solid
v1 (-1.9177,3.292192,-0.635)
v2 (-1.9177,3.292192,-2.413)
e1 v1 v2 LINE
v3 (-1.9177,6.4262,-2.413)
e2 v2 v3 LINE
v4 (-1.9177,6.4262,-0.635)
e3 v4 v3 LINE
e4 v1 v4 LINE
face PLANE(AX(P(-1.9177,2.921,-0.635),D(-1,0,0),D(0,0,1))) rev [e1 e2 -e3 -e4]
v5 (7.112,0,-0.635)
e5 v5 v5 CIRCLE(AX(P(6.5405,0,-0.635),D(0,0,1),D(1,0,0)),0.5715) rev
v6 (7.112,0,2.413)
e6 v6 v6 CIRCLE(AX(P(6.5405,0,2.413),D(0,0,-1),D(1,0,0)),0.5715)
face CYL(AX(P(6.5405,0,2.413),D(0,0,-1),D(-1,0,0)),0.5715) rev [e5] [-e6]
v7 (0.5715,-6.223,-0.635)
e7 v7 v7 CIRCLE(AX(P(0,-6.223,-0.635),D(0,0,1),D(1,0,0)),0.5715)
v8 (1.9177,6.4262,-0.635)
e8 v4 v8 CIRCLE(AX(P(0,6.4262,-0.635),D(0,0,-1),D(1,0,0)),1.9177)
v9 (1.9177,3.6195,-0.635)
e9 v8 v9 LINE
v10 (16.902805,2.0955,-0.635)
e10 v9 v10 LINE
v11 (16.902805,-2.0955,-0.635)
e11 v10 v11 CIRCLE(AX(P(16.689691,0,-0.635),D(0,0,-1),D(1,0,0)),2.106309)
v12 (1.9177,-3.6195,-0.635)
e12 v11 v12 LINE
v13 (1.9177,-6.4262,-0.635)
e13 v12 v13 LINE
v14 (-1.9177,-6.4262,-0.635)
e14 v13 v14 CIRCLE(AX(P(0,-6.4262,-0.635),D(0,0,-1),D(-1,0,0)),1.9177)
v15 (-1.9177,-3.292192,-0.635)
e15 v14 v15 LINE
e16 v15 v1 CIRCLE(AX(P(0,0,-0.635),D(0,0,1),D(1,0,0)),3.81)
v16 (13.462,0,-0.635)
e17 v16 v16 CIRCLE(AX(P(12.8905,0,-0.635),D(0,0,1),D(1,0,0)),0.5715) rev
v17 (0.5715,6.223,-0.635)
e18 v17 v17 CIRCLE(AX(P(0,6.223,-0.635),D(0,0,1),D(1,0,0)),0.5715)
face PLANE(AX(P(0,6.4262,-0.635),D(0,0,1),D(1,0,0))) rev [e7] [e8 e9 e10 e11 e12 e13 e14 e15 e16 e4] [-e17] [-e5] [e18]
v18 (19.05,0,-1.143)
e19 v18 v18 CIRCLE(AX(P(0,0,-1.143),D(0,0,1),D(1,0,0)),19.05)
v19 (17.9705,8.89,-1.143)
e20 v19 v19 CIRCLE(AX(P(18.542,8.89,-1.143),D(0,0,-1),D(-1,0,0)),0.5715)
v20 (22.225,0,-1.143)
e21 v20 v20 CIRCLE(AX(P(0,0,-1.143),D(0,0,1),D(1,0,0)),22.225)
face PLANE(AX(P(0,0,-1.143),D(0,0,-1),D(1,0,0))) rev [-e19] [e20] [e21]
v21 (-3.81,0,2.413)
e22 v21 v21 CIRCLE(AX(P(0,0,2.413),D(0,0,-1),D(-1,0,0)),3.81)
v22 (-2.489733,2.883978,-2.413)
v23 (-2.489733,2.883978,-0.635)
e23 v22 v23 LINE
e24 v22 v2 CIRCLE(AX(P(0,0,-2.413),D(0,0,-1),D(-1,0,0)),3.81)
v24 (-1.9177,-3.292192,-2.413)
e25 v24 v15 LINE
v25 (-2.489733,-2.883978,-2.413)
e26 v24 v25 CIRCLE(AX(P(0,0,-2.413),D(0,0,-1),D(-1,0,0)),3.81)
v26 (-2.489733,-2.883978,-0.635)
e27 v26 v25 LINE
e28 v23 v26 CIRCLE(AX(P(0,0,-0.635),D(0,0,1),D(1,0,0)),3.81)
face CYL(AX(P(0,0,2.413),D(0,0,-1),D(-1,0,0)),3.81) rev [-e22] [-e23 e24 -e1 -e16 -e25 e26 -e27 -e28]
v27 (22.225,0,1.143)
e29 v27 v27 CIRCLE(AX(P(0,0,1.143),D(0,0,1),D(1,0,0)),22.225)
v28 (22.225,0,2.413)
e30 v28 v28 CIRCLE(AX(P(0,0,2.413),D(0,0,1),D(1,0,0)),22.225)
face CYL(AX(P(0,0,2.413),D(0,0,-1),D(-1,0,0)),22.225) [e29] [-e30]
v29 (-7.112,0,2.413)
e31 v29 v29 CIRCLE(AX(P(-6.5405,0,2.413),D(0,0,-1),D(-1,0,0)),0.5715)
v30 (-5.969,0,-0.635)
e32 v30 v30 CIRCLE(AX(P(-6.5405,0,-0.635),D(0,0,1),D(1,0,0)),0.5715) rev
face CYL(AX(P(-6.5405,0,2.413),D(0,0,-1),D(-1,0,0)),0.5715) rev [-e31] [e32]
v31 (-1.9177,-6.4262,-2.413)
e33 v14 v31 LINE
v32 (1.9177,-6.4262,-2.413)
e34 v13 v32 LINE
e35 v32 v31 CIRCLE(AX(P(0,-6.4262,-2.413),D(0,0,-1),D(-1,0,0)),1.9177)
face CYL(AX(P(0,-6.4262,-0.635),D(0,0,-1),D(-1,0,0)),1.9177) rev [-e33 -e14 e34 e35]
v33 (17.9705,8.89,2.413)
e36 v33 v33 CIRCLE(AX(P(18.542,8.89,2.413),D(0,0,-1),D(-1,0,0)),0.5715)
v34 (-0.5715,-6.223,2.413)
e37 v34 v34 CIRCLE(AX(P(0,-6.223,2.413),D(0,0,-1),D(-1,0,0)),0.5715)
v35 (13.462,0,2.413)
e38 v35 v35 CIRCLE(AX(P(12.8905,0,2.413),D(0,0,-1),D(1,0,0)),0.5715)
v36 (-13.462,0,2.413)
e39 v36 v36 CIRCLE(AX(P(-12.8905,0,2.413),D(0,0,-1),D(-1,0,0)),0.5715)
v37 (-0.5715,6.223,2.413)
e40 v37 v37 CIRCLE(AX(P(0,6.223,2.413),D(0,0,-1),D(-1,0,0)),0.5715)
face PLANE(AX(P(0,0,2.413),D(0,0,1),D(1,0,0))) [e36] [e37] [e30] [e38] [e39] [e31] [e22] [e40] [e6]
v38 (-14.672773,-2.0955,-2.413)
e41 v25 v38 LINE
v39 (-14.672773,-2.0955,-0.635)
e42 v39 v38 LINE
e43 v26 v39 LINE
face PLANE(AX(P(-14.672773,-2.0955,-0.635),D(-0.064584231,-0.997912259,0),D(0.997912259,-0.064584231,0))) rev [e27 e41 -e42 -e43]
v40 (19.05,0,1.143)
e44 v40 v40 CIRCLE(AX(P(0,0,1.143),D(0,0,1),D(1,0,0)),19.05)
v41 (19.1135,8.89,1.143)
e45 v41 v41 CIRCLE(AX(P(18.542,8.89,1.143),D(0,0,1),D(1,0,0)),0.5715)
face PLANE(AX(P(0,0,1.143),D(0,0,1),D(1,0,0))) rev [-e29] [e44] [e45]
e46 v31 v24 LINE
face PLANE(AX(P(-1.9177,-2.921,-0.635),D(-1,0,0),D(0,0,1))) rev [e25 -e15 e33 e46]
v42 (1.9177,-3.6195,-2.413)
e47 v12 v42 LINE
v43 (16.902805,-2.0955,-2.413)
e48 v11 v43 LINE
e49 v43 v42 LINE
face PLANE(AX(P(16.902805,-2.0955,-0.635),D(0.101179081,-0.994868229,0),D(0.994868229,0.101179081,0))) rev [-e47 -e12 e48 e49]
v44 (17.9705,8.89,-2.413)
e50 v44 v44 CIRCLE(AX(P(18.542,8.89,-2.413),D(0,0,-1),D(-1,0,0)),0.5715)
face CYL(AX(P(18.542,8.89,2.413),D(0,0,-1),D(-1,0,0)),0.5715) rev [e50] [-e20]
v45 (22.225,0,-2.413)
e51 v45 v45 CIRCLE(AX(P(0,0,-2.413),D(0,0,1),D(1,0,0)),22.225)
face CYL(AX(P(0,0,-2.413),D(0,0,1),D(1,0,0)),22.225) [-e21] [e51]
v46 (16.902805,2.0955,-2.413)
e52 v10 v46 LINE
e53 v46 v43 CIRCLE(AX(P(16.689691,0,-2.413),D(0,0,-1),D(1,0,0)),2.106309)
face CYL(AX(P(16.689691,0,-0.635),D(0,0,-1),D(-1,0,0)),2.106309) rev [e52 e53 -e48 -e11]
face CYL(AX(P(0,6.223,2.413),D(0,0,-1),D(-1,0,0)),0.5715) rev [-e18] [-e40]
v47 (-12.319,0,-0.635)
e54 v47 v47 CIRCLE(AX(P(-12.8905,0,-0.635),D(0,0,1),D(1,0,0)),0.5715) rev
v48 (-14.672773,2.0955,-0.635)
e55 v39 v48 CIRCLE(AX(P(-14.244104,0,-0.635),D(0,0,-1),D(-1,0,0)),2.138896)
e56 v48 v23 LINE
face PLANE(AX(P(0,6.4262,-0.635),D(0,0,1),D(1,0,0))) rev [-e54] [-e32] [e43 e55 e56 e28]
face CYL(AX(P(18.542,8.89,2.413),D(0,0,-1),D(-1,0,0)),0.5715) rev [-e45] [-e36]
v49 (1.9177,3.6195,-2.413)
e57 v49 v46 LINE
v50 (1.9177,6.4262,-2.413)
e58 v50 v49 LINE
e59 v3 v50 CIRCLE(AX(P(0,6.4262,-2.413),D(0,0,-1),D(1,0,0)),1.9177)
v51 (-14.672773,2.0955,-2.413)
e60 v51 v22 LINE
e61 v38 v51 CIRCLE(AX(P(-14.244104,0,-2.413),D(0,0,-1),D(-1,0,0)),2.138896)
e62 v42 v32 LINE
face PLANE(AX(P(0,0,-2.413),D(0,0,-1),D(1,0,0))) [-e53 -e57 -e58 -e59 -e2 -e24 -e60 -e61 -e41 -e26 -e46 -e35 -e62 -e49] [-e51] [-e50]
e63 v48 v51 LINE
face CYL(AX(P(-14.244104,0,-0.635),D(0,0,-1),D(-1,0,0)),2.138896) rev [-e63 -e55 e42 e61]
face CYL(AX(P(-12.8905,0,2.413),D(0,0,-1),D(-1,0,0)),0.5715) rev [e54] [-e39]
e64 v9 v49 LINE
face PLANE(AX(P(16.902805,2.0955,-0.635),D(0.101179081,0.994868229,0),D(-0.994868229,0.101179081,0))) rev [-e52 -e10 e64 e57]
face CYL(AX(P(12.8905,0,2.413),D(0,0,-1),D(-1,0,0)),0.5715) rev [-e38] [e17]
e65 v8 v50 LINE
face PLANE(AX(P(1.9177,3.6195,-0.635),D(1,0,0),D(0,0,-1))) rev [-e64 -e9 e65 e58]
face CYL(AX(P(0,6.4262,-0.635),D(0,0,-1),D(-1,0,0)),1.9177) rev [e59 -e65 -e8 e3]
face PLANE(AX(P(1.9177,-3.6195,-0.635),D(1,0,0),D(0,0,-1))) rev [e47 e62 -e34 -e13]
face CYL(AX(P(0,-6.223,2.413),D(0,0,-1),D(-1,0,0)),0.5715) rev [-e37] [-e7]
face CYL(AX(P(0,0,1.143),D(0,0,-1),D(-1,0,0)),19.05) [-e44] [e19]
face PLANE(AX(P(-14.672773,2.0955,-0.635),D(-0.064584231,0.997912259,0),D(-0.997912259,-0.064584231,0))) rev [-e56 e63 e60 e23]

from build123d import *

# Parameters (mm, degrees)
SKETCH1_R           = 19.05
BOSS_EXTRUDE1_DEPTH = 1.143
SKETCH2_R           = 22.225
BOSS_EXTRUDE2_DEPTH = 1.27
SKETCH3_R           = 3.556
CUT_EXTRUDE1_DEPTH  = 5.826
SKETCH4_R           = 0.5715
CUT_EXTRUDE3_DEPTH  = 5.826
SKETCH5_R           = 0.5715
CUT_EXTRUDE4_DEPTH  = 5.826
CUT_EXTRUDE5_DEPTH  = 1.778
SKETCH10_R          = 0.5715
CUT_EXTRUDE6_DEPTH  = 5.826
SKETCH11_R          = 3.81
CUT_EXTRUDE7_DEPTH  = 5.826


with BuildPart() as part:
    # Sketch1 → Boss-Extrude1 (new body, symmetric)
    with BuildSketch(Plane.XY):
        Circle(SKETCH1_R)
    extrude(amount=BOSS_EXTRUDE1_DEPTH, both=True)

    # Sketch2 → Boss-Extrude2 (add)
    with BuildSketch(Plane.XY.offset(1.143)):
        Circle(SKETCH2_R)
    boss_extrude2 = extrude(amount=BOSS_EXTRUDE2_DEPTH)

    # Mirror1: Boss-Extrude2 across plane
    add(boss_extrude2.mirror(Plane.XY))

    # Sketch3 → Cut-Extrude1 (cut, through all)
    with BuildSketch(Plane(origin=(0, 0, -2.413), x_dir=(-1, 0, 0), z_dir=(0, 0, -1))):
        Circle(SKETCH3_R)
    extrude(amount=-CUT_EXTRUDE1_DEPTH, mode=Mode.SUBTRACT)

    # Sketch4 → Cut-Extrude3 (cut, through all)
    with BuildSketch(Plane(origin=(0, 0, -2.413), x_dir=(-1, 0, 0), z_dir=(0, 0, -1))):
        with Locations((12.8905, 0)):
            Circle(SKETCH4_R)
        with Locations((6.5405, 0)):
            Circle(SKETCH4_R)
        with Locations((-12.8905, 0)):
            Circle(SKETCH4_R)
        with Locations((-6.5405, 0)):
            Circle(SKETCH4_R)
    extrude(amount=-CUT_EXTRUDE3_DEPTH, mode=Mode.SUBTRACT)

    # Sketch5 → Cut-Extrude4 (cut, through all)
    with BuildSketch(Plane(origin=(0, 0, -2.413), x_dir=(-1, 0, 0), z_dir=(0, 0, -1))):
        with Locations((-18.542, 8.89)):
            Circle(SKETCH5_R)
    extrude(amount=-CUT_EXTRUDE4_DEPTH, mode=Mode.SUBTRACT)

    # Sketch7 → Cut-Extrude5 (cut)
    with BuildSketch(Plane(origin=(0, 0, -2.413), x_dir=(-1, 0, 0), z_dir=(0, 0, -1))):
        with BuildLine():
            Line((-1.9177, 3.6195), (-1.9177, 6.4262))
            ThreePointArc((-1.9177, 6.4262), (0, 8.3439), (1.9177, 6.4262))
            Line((1.9177, 6.4262), (1.9177, 2.921))
            Line((1.9177, 2.921), (14.672772863, 2.0955))
            ThreePointArc((14.672772863, 2.0955), (16.383, 0), (14.672772863, -2.0955))
            Line((14.672772863, -2.0955), (1.9177, -2.921))
            Line((1.9177, -2.921), (1.9177, -6.4262))
            ThreePointArc((1.9177, -6.4262), (0, -8.3439), (-1.9177, -6.4262))
            Line((-1.9177, -6.4262), (-1.9177, -3.6195))
            Line((-1.9177, -3.6195), (-16.902805323, -2.0955))
            ThreePointArc((-16.902805323, -2.0955), (-18.796, 0), (-16.902805323, 2.0955))
            Line((-16.902805323, 2.0955), (-1.9177, 3.6195))
        make_face()
    extrude(amount=-CUT_EXTRUDE5_DEPTH, mode=Mode.SUBTRACT)

    # Sketch10 → Cut-Extrude6 (cut, through all)
    with BuildSketch(Plane(origin=(0, 0, -2.413), x_dir=(-1, 0, 0), z_dir=(0, 0, -1))):
        with Locations((0, -6.223)):
            Circle(SKETCH10_R)
        with Locations((0, 6.223)):
            Circle(SKETCH10_R)
    extrude(amount=-CUT_EXTRUDE6_DEPTH, mode=Mode.SUBTRACT)

    # Sketch11 → Cut-Extrude7 (cut, through all)
    with BuildSketch(Plane(origin=(0, 0, -2.413), x_dir=(-1, 0, 0), z_dir=(0, 0, -1))):
        Circle(SKETCH11_R)
    extrude(amount=-CUT_EXTRUDE7_DEPTH, mode=Mode.SUBTRACT)


solid = part.part
